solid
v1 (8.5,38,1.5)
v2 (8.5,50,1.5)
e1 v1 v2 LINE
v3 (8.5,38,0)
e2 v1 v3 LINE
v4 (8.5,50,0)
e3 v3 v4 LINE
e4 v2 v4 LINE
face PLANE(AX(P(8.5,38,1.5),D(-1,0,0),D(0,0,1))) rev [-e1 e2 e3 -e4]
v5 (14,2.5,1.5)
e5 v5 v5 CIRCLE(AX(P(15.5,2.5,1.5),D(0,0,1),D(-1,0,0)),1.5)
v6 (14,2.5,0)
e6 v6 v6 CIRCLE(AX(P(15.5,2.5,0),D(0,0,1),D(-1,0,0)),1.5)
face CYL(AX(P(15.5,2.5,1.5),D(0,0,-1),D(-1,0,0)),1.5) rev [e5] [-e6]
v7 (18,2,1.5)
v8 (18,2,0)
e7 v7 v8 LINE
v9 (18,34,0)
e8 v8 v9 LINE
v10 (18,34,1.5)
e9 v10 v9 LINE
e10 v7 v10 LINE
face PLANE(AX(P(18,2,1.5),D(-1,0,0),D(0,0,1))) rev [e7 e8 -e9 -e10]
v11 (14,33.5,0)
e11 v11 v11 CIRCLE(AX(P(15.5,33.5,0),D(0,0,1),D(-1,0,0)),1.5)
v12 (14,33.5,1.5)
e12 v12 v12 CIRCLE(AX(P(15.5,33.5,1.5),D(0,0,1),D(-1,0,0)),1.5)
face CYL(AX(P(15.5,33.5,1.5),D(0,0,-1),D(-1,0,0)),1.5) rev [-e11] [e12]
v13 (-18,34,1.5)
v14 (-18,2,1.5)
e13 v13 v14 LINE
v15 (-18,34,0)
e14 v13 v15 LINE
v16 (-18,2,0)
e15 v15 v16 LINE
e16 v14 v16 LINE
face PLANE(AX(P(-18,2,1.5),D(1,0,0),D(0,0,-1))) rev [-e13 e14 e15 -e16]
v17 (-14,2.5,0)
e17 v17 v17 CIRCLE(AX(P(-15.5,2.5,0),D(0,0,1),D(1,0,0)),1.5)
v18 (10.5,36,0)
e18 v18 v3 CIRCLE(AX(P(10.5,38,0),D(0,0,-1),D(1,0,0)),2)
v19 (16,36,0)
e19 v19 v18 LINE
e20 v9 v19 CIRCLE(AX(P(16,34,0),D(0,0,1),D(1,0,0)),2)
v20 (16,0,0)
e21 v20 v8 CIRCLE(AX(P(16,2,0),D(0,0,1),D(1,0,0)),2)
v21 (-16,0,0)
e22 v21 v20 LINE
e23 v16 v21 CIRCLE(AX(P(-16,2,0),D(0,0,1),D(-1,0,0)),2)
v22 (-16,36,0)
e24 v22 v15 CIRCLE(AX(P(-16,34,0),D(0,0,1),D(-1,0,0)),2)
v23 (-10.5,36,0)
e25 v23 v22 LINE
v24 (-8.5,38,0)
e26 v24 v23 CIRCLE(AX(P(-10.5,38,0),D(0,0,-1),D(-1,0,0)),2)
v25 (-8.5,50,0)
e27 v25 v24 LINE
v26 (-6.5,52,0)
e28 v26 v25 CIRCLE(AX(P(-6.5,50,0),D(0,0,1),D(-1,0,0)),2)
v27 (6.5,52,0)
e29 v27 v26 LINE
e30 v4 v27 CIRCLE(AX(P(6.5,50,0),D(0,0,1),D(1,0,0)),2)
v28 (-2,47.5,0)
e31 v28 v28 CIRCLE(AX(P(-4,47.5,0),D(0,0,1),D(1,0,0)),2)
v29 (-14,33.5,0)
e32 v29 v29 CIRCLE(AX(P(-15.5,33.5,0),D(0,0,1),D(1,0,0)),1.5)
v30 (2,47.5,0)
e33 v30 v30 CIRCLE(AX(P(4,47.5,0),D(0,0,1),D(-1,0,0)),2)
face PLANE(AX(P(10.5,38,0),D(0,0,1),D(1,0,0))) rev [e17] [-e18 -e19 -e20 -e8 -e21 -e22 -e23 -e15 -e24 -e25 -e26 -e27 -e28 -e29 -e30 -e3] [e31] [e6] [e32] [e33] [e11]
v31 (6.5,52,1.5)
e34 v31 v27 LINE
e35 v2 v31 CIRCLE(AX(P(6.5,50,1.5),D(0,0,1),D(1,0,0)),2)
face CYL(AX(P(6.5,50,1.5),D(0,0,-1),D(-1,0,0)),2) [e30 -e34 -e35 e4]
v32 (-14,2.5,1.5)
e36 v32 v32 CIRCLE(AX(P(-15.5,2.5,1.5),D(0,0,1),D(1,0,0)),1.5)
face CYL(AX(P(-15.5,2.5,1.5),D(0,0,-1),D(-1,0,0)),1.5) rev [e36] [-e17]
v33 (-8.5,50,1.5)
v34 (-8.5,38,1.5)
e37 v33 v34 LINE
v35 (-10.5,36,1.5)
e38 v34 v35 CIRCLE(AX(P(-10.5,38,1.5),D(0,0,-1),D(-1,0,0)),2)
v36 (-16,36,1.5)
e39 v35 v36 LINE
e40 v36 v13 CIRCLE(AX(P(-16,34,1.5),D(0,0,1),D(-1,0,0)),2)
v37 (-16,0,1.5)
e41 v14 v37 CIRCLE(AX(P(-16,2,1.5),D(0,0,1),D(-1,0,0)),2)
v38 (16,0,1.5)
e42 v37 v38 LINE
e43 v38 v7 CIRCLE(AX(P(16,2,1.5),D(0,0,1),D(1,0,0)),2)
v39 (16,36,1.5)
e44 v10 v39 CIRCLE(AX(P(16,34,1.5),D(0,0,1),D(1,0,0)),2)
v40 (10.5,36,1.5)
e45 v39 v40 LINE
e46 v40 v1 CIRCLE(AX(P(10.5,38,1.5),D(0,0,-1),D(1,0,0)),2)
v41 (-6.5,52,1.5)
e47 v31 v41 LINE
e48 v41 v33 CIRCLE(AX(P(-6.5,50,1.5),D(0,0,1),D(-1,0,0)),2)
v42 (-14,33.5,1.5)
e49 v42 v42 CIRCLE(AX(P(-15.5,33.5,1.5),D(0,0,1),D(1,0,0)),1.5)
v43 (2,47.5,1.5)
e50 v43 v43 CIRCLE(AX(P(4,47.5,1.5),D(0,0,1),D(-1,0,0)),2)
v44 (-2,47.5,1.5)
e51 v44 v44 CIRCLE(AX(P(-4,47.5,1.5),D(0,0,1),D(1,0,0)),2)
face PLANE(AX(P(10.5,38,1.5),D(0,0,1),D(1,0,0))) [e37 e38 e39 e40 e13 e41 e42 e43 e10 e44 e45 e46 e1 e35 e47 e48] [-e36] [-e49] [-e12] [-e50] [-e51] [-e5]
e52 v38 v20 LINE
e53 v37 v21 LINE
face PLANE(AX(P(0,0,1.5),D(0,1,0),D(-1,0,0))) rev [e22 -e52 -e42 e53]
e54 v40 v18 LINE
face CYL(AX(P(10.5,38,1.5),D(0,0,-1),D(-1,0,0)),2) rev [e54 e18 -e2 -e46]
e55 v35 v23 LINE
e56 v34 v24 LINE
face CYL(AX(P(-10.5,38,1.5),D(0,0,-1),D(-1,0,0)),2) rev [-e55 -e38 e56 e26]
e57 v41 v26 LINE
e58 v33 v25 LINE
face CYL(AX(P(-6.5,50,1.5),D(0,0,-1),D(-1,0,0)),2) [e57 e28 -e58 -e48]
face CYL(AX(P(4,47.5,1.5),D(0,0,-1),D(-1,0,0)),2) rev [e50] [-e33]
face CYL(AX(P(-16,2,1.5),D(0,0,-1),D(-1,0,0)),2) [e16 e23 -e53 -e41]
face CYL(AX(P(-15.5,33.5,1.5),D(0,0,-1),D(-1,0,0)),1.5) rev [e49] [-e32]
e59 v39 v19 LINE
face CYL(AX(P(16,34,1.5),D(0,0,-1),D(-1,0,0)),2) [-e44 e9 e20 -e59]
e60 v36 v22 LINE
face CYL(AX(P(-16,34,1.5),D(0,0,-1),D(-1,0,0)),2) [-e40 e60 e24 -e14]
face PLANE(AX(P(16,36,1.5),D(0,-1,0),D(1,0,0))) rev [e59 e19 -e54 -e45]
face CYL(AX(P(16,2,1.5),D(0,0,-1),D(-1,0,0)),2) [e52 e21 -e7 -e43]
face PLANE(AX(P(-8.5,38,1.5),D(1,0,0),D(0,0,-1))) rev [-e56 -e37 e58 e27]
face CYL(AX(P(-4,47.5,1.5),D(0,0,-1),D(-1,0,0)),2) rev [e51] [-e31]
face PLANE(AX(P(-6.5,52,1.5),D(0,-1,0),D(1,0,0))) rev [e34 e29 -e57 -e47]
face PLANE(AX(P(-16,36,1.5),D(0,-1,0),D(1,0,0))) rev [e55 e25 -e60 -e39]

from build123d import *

# Parameters (mm, degrees)
CROQUIS1_R              = 1.5
CROQUIS1_R_2            = 2
SALIENTE_EXTRUIR1_DEPTH = 1.5


with BuildPart() as part:
    # Croquis1 → Saliente-Extruir1 (new body)
    with BuildSketch(Plane.XY):
        with BuildLine():
            Line((0, 0), (-16, 0))
            ThreePointArc((-16, 0), (-17.414213562, 0.585786438), (-18, 2))
            Line((-18, 2), (-18, 34))
            ThreePointArc((-18, 34), (-17.414213562, 35.414213562), (-16, 36))
            Line((-16, 36), (-10.5, 36))
            ThreePointArc((-10.5, 36), (-9.085786438, 36.585786438), (-8.5, 38))
            Line((-8.5, 38), (-8.5, 50))
            ThreePointArc((-8.5, 50), (-7.914213562, 51.414213562), (-6.5, 52))
            Line((-6.5, 52), (0, 52))
            Line((0, 52), (6.5, 52))
            ThreePointArc((6.5, 52), (7.914213562, 51.414213562), (8.5, 50))
            Line((8.5, 50), (8.5, 38))
            ThreePointArc((8.5, 38), (9.085786438, 36.585786438), (10.5, 36))
            Line((10.5, 36), (16, 36))
            ThreePointArc((16, 36), (17.414213562, 35.414213562), (18, 34))
            Line((18, 34), (18, 2))
            ThreePointArc((18, 2), (17.414213562, 0.585786438), (16, 0))
            Line((16, 0), (0, 0))
        make_face()
        with Locations((-15.5, 2.5)):
            Circle(CROQUIS1_R, mode=Mode.SUBTRACT)
        with Locations((-15.5, 33.5)):
            Circle(CROQUIS1_R, mode=Mode.SUBTRACT)
        with Locations((-4, 47.5)):
            Circle(CROQUIS1_R_2, mode=Mode.SUBTRACT)
        with Locations(Location((4, 47.5, 0), (0, 0, 180))):
            Circle(CROQUIS1_R_2, mode=Mode.SUBTRACT)
        with Locations(Location((15.5, 33.5, 0), (0, 0, 180))):
            Circle(CROQUIS1_R, mode=Mode.SUBTRACT)
        with Locations(Location((15.5, 2.5, 0), (0, 0, 180))):
            Circle(CROQUIS1_R, mode=Mode.SUBTRACT)
    extrude(amount=SALIENTE_EXTRUIR1_DEPTH)


solid = part.part
